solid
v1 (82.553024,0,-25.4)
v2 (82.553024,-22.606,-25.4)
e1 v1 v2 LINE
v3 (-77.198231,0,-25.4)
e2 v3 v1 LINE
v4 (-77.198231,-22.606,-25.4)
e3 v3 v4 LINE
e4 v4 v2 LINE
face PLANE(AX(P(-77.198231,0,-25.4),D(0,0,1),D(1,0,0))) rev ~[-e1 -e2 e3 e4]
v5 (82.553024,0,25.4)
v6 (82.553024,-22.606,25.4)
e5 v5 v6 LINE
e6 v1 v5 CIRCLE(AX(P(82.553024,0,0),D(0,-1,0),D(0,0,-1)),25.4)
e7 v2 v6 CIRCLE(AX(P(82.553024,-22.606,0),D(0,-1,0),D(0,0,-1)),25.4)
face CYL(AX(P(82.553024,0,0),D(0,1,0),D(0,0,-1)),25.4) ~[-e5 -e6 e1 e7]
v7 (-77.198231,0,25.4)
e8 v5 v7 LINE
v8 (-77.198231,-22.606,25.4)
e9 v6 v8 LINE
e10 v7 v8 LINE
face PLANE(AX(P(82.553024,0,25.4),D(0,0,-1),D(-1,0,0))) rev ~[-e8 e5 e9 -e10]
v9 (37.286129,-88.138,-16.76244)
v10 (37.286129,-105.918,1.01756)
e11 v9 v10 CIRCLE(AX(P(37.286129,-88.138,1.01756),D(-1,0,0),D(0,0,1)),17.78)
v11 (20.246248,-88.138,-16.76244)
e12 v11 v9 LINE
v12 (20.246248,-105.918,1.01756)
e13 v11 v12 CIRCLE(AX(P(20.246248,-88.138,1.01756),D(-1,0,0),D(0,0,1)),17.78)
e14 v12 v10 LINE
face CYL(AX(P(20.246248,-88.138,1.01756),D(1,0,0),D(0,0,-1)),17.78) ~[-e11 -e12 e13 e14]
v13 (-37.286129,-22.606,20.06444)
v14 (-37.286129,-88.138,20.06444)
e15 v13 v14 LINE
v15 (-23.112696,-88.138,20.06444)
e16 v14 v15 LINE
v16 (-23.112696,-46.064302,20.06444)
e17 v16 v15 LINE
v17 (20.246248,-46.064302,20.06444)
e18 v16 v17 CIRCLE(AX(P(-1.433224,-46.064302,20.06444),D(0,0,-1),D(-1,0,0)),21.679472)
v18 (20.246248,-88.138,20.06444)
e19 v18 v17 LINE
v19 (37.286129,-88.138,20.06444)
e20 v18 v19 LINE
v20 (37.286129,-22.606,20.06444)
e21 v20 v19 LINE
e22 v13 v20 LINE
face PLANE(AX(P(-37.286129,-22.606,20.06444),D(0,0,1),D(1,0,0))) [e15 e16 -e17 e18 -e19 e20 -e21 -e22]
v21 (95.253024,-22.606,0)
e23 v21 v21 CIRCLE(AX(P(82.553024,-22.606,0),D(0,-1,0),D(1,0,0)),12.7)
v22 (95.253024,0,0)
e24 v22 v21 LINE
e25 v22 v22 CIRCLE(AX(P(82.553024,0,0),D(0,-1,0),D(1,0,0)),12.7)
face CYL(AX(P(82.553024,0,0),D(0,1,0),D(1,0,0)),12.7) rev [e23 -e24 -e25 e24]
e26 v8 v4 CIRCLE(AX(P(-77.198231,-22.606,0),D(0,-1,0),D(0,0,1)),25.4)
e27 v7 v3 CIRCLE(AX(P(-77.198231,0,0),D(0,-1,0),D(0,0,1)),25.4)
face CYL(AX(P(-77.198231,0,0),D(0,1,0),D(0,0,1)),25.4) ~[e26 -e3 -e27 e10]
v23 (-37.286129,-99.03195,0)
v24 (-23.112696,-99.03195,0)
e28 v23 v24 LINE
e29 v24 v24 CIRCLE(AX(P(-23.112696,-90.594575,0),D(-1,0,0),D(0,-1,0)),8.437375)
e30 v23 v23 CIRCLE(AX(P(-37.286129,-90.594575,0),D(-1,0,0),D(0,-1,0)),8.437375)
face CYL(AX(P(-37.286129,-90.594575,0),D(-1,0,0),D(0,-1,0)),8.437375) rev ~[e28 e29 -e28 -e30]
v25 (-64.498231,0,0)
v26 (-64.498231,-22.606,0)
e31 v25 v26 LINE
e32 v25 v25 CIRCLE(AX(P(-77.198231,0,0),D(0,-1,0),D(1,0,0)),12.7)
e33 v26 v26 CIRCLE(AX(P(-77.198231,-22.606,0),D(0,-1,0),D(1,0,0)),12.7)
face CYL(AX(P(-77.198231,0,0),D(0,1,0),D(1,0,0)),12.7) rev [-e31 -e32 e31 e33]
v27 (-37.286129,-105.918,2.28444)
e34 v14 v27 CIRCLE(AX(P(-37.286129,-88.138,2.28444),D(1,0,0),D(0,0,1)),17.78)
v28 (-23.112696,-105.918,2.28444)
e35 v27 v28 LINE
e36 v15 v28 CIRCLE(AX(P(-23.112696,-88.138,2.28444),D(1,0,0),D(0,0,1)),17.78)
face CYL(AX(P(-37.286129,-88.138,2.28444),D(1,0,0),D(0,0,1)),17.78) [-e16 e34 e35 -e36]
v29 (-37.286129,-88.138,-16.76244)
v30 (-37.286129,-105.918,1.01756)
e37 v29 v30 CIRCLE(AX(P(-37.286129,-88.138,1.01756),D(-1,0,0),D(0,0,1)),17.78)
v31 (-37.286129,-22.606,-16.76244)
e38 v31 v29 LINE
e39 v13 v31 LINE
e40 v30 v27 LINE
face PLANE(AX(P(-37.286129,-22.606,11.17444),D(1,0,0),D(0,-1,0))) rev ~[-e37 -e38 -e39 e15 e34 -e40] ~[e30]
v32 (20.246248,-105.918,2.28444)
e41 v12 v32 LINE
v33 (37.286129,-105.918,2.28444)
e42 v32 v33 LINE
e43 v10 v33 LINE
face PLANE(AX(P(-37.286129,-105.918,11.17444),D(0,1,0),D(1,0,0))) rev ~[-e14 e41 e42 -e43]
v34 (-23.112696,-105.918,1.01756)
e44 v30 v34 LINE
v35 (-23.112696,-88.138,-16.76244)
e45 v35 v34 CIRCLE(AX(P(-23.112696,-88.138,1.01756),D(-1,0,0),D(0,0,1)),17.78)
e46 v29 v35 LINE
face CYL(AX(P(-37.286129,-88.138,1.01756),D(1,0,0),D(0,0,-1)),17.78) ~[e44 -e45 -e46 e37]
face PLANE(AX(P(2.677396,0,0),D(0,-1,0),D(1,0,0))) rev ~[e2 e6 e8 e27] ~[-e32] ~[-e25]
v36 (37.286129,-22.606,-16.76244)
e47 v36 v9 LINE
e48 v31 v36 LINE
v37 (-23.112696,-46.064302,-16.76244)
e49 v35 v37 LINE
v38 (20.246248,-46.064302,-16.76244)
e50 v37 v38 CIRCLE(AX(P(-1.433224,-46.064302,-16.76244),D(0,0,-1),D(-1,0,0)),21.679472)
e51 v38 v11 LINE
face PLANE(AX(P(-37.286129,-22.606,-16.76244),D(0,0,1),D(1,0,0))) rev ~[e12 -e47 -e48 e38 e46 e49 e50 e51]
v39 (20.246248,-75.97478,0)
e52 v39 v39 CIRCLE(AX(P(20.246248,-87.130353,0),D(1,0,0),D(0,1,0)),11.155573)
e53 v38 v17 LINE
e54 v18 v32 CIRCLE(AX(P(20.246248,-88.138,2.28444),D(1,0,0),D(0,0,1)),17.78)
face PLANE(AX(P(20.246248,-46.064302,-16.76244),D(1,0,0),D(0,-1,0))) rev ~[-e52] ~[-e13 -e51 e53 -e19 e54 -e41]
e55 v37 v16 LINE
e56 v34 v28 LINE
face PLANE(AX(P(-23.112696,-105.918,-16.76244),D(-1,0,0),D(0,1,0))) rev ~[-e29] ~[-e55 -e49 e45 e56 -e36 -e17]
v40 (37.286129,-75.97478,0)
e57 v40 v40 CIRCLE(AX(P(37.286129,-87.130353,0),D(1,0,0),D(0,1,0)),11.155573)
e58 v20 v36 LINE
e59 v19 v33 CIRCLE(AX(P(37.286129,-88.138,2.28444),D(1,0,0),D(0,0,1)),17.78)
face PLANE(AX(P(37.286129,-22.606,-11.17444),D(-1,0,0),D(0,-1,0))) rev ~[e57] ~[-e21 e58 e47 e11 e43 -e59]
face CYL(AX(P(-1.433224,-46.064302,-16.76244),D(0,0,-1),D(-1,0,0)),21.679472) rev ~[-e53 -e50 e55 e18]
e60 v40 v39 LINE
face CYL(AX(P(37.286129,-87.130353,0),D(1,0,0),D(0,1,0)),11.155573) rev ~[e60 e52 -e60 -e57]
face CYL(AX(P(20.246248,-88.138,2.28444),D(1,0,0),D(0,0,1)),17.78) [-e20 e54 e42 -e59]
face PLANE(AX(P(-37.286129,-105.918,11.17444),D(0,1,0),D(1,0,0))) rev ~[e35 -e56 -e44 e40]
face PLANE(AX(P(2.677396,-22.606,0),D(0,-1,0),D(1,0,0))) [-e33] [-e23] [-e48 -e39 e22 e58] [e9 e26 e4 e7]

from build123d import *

# Parameters (mm, degrees)
F0_R      = 12.7
F1_DEPTH  = 22.606
F2_W      = 74.5722576976
F2_H      = 22.3488807678
F3_DEPTH  = 83.312
F4_DEPTH  = 5.588
F5_DEPTH  = 8.89
F7_DEPTH  = 127.254
F8_R      = 8.4373748016
F9_DEPTH  = 25.4
F10_R     = 11.1555732281
F11_DEPTH = 25.4
F12_R     = 17.78
F13_R     = 17.78


with BuildPart() as f1:
    # F0 (on Front) → F1 (new body)
    with BuildSketch(Plane.XZ):
        with BuildLine():
            Line((82.5530235944, 25.4), (-77.1982306158, 25.4))
            ThreePointArc((-77.1982306158, 25.4), (-102.5982306158, 0), (-77.1982306158, -25.4))
            Line((-77.1982306158, -25.4), (82.5530235944, -25.4))
            ThreePointArc((82.5530235944, -25.4), (107.9530235944, 0), (82.5530235944, 25.4))
        make_face()
        with Locations((-77.1982306158, 0)):
            Circle(F0_R, mode=Mode.SUBTRACT)
        with Locations((82.5530235944, 0)):
            Circle(F0_R, mode=Mode.SUBTRACT)
    extrude(amount=F1_DEPTH)

    # F2 (on face) → F3 (join)
    with BuildSketch(Plane.XZ.offset(22.606)):
        Rectangle(F2_W, F2_H)
    extrude(amount=F3_DEPTH)

    # F4 (add): a face of the model
    f4_faces = [f1.faces().sort_by_distance(p)[0] for p in [
        (0, -64.262, -11.1744403839),
    ]]
    extrude(f4_faces, amount=F4_DEPTH)

    # F5 (add): a face of the model
    f5_faces = [f1.faces().sort_by_distance(p)[0] for p in [
        (0, -64.262, 11.1744403839),
    ]]
    extrude(f5_faces, amount=F5_DEPTH)

    # F6 (on face) → F7 (cut)
    with BuildSketch(Plane(origin=(0, 0, -16.7624403839), x_dir=(1, 0, 0), z_dir=(0, 0, -1))):
        with BuildLine():
            Line((20.2462481307, 105.918), (-23.1126956642, 105.918))
            Line((-23.1126956642, 105.918), (-23.1126956642, 46.0643023252))
            ThreePointArc((-23.1126956642, 46.0643023252), (-1.4332237667, 24.3848304278), (20.2462481307, 46.0643023252))
            Line((20.2462481307, 46.0643023252), (20.2462481307, 105.918))
        make_face()
    extrude(amount=-F7_DEPTH, mode=Mode.SUBTRACT)

    # F8 (on face) → F9 (cut)
    with BuildSketch(Plane(origin=(-37.2861288488, 0, 0), x_dir=(0, -1, 0), z_dir=(-1, 0, 0))):
        with Locations((90.5945748091, 0)):
            Circle(F8_R)
    extrude(amount=-F9_DEPTH, mode=Mode.SUBTRACT)

    # F10 (on face) → F11 (cut)
    with BuildSketch(Plane.YZ.offset(37.2861288488)):
        with Locations((-87.1303528547, 0)):
            Circle(F10_R)
    extrude(amount=-F11_DEPTH, mode=Mode.SUBTRACT)

    # F12
    f12_edges = [f1.edges().sort_by_distance(p)[0] for p in [
        (-30.199412, -105.918, -16.76244),
        (-30.199412, -105.918, 20.06444),
    ]]
    fillet(f12_edges, radius=F12_R)

    # F13
    f13_edges = [f1.edges().sort_by_distance(p)[0] for p in [
        (28.766188, -105.918, 20.06444),
        (28.766188, -105.918, -16.76244),
    ]]
    fillet(f13_edges, radius=F13_R)


solid = f1.part
